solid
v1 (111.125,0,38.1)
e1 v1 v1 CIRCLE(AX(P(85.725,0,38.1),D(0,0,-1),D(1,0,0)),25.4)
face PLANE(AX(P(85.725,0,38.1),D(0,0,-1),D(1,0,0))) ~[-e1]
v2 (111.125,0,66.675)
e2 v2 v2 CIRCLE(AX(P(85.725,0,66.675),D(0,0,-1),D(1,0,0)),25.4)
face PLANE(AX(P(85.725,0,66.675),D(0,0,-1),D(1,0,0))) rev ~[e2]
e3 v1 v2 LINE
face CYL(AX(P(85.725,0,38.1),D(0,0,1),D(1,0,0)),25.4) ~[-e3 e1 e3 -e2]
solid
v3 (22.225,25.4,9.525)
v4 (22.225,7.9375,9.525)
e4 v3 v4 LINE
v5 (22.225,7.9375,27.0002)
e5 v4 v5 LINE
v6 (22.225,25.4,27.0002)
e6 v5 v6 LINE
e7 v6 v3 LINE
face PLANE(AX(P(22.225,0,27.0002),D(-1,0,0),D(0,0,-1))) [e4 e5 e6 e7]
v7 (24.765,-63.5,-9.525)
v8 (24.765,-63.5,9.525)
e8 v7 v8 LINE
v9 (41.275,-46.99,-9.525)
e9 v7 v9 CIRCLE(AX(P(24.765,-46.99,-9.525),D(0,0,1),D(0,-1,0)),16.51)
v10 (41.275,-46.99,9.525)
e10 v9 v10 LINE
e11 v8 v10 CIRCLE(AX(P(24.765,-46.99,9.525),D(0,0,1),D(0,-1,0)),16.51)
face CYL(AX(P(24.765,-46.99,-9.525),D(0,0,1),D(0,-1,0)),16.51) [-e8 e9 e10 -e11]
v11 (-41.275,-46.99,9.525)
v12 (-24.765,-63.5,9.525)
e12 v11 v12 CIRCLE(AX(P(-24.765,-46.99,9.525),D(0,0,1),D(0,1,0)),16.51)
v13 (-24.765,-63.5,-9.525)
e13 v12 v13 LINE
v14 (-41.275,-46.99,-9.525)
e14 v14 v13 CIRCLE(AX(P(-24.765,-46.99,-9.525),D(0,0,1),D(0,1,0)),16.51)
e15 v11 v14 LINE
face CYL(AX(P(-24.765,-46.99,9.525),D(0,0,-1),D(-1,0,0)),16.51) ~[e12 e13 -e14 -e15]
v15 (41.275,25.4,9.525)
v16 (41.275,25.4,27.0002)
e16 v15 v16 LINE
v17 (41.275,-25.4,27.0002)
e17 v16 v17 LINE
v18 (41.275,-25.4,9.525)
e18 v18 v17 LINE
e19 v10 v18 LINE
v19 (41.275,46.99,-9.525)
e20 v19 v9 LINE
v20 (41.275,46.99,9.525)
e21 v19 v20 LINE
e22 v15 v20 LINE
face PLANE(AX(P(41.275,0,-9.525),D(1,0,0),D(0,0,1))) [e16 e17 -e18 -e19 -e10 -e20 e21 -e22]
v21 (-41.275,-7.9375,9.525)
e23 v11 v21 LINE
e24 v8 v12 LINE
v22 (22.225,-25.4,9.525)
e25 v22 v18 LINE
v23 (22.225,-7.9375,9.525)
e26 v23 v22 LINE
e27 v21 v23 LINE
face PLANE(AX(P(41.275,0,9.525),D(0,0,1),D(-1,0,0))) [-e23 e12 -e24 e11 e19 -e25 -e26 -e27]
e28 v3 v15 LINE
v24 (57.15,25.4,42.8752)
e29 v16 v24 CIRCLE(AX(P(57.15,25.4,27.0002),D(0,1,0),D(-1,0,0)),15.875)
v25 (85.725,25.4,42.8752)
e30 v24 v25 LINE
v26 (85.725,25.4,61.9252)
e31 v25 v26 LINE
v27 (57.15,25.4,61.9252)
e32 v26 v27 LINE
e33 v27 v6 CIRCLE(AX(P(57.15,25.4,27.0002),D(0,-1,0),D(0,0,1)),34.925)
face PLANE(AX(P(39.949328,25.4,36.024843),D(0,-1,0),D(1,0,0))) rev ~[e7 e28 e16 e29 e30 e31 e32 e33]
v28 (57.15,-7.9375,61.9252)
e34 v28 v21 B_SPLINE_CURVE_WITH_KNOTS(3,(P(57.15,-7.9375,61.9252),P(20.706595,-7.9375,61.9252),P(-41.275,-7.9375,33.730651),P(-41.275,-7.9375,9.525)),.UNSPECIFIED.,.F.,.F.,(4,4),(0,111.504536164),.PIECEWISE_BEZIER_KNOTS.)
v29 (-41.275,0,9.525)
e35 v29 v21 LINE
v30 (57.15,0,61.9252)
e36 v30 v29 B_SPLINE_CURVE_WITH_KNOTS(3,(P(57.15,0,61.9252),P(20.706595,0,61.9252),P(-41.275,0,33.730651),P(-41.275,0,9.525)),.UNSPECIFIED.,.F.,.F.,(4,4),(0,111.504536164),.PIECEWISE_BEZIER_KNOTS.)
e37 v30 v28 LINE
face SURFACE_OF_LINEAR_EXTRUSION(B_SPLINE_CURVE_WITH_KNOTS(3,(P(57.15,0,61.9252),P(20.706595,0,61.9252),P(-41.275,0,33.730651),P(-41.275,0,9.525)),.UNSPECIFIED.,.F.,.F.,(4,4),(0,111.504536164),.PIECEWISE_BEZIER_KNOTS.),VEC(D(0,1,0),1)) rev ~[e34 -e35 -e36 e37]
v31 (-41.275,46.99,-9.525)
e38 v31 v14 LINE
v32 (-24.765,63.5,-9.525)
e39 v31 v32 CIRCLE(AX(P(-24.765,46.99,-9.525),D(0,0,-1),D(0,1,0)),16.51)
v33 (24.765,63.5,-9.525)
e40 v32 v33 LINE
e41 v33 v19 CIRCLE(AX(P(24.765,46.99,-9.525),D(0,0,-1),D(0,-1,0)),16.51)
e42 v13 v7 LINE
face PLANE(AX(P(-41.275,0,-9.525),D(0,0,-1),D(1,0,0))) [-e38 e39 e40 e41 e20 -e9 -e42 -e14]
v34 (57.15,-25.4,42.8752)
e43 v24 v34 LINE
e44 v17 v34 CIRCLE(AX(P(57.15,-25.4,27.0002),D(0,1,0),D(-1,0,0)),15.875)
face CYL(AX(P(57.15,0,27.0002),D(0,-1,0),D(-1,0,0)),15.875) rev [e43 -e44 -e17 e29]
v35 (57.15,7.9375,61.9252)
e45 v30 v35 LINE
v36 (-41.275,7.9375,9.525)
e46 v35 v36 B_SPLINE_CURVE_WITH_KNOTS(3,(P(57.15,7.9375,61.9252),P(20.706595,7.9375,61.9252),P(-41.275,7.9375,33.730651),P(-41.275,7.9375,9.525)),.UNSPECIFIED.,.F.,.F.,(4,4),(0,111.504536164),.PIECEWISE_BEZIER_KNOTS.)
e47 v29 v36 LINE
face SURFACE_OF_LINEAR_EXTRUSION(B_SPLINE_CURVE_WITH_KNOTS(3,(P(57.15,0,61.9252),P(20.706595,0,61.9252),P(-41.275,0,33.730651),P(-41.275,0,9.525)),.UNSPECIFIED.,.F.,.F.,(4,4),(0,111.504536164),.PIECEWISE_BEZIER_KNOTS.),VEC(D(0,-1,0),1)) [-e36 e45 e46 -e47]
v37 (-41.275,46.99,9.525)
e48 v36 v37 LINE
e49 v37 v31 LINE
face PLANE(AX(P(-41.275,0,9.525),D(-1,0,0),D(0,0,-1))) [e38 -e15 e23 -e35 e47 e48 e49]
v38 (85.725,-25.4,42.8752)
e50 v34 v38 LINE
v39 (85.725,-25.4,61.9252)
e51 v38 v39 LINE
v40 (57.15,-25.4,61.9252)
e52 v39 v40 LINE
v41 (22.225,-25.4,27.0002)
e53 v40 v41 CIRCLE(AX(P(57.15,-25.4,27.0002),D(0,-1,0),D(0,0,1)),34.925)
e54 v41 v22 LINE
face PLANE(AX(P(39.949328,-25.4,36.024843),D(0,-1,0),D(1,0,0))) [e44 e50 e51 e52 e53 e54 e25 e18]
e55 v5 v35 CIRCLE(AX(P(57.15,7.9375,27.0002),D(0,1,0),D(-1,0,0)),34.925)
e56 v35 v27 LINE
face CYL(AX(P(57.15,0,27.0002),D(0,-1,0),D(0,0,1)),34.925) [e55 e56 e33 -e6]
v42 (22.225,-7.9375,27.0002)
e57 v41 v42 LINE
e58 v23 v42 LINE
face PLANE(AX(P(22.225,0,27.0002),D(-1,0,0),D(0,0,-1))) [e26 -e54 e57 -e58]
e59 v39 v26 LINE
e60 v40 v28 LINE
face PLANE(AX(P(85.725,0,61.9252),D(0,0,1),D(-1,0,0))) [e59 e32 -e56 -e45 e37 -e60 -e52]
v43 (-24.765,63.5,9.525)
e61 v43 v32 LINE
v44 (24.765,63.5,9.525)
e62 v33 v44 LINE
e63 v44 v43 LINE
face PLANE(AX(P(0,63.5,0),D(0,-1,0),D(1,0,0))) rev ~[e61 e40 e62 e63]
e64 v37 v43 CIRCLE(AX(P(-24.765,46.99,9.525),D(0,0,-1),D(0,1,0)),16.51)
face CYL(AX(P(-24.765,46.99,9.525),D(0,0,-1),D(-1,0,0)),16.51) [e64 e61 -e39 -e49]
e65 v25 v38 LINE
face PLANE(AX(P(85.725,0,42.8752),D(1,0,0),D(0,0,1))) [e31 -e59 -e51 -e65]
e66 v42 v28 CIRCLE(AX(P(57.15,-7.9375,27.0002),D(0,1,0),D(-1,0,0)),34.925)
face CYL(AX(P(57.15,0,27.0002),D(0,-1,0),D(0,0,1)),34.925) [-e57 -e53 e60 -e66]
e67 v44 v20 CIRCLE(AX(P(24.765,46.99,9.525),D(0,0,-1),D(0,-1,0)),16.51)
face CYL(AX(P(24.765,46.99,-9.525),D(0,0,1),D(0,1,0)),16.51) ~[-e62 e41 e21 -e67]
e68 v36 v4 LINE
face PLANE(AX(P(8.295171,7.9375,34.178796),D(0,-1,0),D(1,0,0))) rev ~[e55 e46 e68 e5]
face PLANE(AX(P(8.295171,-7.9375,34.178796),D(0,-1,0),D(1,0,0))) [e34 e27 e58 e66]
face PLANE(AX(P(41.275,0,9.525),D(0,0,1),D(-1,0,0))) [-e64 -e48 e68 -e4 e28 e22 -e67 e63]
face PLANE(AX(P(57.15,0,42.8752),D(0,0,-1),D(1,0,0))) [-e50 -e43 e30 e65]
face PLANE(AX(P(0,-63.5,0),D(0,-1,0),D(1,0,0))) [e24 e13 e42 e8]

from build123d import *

# Parameters (mm, degrees)
F1_DEPTH = 63.5
F0_W     = 25.4
F0_H     = 19.05
F2_DEPTH = 25.4
F3_DEPTH = 7.9375
F5_R     = 16.51


with BuildPart() as f1:
    # F0 (on Front) → F1 (new body, symmetric)
    with BuildSketch(Plane.XZ):
        Polygon((22.225, 9.525), (-41.275, 9.525), (-41.275, -9.525), (41.275, -9.525), (41.275, 9.525), align=None)
    extrude(amount=F1_DEPTH, both=True)

    # F0 (on Front) → F2 (join, symmetric)
    with BuildSketch(Plane.XZ):
        with BuildLine():
            Line((22.225, 27.0002), (22.225, 9.525))
            Line((22.225, 9.525), (41.275, 9.525))
            Line((41.275, 9.525), (41.275, 27.0002))
            ThreePointArc((41.275, 27.0002), (45.9246798487, 38.2255201513), (57.15, 42.8752))
            Line((57.15, 42.8752), (60.325, 42.8752))
            Line((60.325, 42.8752), (60.325, 61.9252))
            Line((60.325, 61.9252), (57.15, 61.9252))
            ThreePointArc((57.15, 61.9252), (32.4542956671, 51.6959043329), (22.225, 27.0002))
        make_face()
        with Locations((73.025, 52.4002)):
            Rectangle(F0_W, F0_H)
    extrude(amount=F2_DEPTH, both=True)

    # F0 (on Front) → F3 (join, symmetric)
    with BuildSketch(Plane.XZ):
        with BuildLine():
            add(Edge.make_bspline(
                [(57.15, 61.9252), (20.7065949253, 61.9252), (-41.275, 33.7306511851), (-41.275, 9.525)],
                knots=[0, 0, 0, 0, 111.5045361635, 111.5045361635, 111.5045361635, 111.5045361635], degree=3))
            Line((-41.275, 9.525), (22.225, 9.525))
            Line((22.225, 9.525), (22.225, 27.0002))
            ThreePointArc((22.225, 27.0002), (32.4542956671, 51.6959043329), (57.15, 61.9252))
        make_face()
    extrude(amount=F3_DEPTH, both=True)

    # F5
    f5_edges = [f1.edges().sort_by_distance(p)[0] for p in [
        (-41.275, -63.5, 0),
        (41.275, -63.5, 0),
        (41.275, 63.5, 0),
        (-41.275, 63.5, 0),
    ]]
    fillet(f5_edges, radius=F5_R)


with BuildPart() as f4:
    # F0 (on Front) → F4 (revolve)
    with BuildSketch(Plane.XZ):
        Polygon((85.725, 66.675), (85.725, 61.9252), (85.725, 42.8752), (85.725, 38.1), (111.125, 38.1), (111.125, 66.675), align=None)
    revolve(axis=Axis((85.725, 0, 52.3875), (0, 0, -1)))


solid = Compound([f1.part, f4.part])
